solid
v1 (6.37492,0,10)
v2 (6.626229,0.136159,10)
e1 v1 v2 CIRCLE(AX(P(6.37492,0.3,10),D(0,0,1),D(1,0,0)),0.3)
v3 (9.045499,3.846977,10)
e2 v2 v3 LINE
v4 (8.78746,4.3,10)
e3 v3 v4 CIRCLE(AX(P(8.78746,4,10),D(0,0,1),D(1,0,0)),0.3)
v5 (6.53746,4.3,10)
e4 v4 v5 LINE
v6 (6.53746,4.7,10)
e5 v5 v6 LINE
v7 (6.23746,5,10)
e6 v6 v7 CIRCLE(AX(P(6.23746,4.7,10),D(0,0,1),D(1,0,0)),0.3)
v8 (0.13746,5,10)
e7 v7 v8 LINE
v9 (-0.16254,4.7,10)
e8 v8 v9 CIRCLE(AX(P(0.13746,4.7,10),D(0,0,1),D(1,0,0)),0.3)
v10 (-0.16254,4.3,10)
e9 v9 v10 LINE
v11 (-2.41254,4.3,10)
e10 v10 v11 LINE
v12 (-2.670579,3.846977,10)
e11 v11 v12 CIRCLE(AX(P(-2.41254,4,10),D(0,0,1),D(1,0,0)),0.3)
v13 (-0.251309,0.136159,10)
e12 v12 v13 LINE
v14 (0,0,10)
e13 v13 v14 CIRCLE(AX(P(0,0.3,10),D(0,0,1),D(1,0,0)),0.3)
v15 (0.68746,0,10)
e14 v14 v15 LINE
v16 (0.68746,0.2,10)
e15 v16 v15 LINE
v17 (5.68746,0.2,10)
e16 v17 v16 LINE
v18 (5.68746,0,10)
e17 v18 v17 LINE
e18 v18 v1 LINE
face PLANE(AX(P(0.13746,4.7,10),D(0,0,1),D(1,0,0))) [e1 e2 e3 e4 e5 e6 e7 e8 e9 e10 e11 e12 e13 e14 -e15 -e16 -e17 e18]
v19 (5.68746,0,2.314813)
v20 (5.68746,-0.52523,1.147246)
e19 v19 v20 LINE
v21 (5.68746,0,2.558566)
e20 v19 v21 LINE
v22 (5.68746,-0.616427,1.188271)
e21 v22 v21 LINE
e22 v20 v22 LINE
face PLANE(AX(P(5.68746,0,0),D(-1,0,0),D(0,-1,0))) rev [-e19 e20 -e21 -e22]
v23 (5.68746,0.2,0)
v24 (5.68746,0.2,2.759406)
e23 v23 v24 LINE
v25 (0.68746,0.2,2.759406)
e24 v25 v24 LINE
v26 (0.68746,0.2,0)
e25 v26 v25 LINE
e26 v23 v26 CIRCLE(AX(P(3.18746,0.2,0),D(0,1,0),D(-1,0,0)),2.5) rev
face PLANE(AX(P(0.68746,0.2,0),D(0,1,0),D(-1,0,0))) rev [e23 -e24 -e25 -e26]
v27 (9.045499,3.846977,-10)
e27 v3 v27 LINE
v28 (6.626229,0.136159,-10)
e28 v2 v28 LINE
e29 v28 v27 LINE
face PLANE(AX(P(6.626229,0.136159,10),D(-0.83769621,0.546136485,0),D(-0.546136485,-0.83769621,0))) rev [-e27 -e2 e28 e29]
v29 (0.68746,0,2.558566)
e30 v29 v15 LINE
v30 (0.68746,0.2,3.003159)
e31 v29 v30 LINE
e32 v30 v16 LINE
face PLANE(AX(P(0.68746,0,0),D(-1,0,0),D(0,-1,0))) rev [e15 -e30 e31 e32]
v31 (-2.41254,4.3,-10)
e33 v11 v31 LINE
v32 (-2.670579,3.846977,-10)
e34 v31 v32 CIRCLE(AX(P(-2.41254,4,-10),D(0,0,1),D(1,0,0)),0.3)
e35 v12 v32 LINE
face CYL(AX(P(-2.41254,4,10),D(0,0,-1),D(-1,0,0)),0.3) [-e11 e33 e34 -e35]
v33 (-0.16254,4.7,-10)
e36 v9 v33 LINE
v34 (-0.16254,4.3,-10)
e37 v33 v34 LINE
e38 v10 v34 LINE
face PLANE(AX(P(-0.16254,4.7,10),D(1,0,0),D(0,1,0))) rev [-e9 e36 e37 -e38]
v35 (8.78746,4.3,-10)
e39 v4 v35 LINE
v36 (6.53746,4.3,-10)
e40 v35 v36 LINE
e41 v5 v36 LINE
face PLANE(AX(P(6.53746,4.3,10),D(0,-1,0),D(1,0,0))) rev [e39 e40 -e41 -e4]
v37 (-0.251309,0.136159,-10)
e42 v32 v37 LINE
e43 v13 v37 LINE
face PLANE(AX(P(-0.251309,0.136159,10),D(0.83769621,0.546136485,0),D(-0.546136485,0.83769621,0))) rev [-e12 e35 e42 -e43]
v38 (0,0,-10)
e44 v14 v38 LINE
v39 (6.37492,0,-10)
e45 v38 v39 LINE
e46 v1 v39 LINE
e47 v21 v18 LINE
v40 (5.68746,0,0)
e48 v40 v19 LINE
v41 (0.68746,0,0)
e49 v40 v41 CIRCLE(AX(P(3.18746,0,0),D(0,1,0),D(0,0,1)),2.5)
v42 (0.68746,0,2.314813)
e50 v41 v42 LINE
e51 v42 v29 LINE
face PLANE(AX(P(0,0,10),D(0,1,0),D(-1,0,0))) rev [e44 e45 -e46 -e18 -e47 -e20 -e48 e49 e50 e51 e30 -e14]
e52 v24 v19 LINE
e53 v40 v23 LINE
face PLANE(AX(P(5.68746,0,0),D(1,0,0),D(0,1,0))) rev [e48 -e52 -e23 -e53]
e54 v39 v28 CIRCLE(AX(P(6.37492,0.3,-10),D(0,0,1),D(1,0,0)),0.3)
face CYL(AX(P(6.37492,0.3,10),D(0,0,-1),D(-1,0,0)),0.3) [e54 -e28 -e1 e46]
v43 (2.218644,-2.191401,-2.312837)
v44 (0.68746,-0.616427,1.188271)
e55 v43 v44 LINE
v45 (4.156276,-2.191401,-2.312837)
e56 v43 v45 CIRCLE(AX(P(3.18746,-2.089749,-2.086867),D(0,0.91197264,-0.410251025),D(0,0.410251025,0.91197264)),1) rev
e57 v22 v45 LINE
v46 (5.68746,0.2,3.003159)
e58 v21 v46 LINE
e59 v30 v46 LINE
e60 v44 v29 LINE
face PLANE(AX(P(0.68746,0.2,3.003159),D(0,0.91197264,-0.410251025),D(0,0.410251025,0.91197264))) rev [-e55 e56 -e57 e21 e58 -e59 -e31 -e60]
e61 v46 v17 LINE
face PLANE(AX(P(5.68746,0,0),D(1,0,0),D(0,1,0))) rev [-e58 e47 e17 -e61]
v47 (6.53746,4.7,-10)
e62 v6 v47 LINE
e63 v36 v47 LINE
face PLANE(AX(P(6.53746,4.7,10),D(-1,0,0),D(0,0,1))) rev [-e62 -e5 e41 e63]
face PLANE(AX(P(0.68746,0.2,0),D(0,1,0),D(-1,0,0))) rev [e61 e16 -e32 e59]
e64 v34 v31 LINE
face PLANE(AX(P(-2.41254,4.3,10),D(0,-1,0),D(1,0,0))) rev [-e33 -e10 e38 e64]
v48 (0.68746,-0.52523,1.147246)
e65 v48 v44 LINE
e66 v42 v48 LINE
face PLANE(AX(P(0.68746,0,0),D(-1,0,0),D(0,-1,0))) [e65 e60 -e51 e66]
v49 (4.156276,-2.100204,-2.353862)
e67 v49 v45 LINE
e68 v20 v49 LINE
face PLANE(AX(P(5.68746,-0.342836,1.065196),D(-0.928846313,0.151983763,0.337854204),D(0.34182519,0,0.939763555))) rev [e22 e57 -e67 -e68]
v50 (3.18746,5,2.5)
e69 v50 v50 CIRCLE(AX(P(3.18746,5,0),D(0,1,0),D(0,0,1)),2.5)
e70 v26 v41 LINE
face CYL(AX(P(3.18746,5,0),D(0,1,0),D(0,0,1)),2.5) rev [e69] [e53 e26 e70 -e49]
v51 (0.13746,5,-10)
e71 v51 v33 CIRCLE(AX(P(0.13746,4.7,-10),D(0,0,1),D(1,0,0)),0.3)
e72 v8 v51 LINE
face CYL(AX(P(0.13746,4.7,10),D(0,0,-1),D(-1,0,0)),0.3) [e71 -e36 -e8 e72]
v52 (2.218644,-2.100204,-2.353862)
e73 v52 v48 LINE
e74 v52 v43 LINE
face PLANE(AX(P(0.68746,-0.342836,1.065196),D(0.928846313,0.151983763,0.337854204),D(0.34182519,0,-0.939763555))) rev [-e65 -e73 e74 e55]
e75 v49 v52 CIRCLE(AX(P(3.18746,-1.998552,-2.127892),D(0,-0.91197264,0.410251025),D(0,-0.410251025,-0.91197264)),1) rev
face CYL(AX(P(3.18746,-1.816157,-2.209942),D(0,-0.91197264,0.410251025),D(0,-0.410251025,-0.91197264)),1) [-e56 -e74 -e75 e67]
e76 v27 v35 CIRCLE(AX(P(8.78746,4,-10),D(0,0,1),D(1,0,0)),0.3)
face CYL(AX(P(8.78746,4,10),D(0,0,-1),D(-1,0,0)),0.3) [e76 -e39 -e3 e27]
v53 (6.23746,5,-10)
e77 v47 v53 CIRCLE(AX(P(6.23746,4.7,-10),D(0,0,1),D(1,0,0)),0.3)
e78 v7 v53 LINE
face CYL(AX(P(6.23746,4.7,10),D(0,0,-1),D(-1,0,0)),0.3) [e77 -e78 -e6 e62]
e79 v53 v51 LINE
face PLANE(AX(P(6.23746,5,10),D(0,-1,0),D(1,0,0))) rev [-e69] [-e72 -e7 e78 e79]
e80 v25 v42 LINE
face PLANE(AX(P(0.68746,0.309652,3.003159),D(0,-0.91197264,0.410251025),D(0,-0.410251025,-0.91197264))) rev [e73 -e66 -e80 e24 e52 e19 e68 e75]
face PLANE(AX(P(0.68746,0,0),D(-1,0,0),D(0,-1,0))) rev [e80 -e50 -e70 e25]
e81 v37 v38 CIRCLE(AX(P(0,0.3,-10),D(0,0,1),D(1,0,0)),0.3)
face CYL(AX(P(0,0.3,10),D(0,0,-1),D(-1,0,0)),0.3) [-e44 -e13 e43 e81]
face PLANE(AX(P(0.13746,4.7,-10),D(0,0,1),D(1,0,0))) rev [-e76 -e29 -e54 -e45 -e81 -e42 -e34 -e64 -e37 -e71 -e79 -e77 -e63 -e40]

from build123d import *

# Parameters (mm, degrees)
EXTRUDE_1_DEPTH     = 10
HOLE_WIZARD_M6_1_D  = 5
SKETCH_5_W          = 5
SKETCH_5_H          = 0.2
CUT_EXTRUDE_1_DEPTH = 10
EXTRUDE_2_DEPTH     = 2.5
CUT_EXTRUDE_2_DEPTH = 0.3


with BuildPart() as part:
    # 草图1 → 凸台-拉伸1 (new, symmetric)
    with BuildSketch(Plane.XY):
        with BuildLine():
            Line((-0.162539896, 4.7), (-0.162539896, 4.3))
            Line((-0.162539896, 4.3), (-2.412539896, 4.3))
            ThreePointArc((-2.412539896, 4.3), (-2.673218708, 4.148480829), (-2.670578604, 3.846977045))
            Line((-2.670578604, 3.846977045), (-0.251308863, 0.136159055))
            ThreePointArc((-0.251308863, 0.136159055), (-0.142912065, 0.036227102), (0, 0))
            Line((0, 0), (6.374920209, 0))
            ThreePointArc((6.374920209, 0), (6.517832273, 0.036227102), (6.626229072, 0.136159055))
            Line((6.626229072, 0.136159055), (9.045498813, 3.846977045))
            ThreePointArc((9.045498813, 3.846977045), (9.048138917, 4.148480829), (8.787460104, 4.3))
            Line((8.787460104, 4.3), (6.537460104, 4.3))
            Line((6.537460104, 4.3), (6.537460104, 4.7))
            ThreePointArc((6.537460104, 4.7), (6.449592139, 4.912132034), (6.237460104, 5))
            Line((6.237460104, 5), (0.137460104, 5))
            ThreePointArc((0.137460104, 5), (-0.07467193, 4.912132034), (-0.162539896, 4.7))
        make_face()
    extrude(amount=EXTRUDE_1_DEPTH, both=True)

    # M6 螺纹孔1 (through all)
    with Locations(Plane(origin=(3.187460104, 5, 0), x_dir=(1, 0, 0), z_dir=(0, 1, 0))):
        with Locations((0, 0)):
            Hole(HOLE_WIZARD_M6_1_D / 2)

    # 草图5 → 切除-拉伸1 (cut)
    with BuildSketch(Plane.XY.offset(10)):
        with Locations((3.187460104, 0.1)):
            Rectangle(SKETCH_5_W, SKETCH_5_H)
    extrude(amount=-CUT_EXTRUDE_1_DEPTH, mode=Mode.SUBTRACT)

    # 草图6 → 凸台-拉伸2 (add, symmetric)
    with BuildSketch(Plane.ZY.offset(-3.187460104)):
        Polygon((3.00315896, 0.2), (-2.998839756, -2.5), (-3.039864859, -2.408802736), (3.00315896, 0.309652412), align=None)
    extrude(amount=EXTRUDE_2_DEPTH, both=True)

    # 草图7 → 切除-拉伸2 (cut)
    with BuildSketch(Plane(origin=(0, -0.957256199, 0.430621841), x_dir=(1, 0, 0), z_dir=(-1.0372120907131427e-12, -0.9119726400165361, 0.41025102542378794))):
        with BuildLine():
            Line((5.687460104, 0.830780993), (4.156276113, -3.008268608))
            ThreePointArc((4.156276113, -3.008268608), (3.187460104, -3.760487373), (2.218644095, -3.008268608))
            Line((2.218644095, -3.008268608), (0.687460104, 0.830780993))
            Line((0.687460104, 0.830780993), (-4.835906094, -0.220154239))
            Line((-4.835906094, -0.220154239), (4.418162479, -8.671425065))
            Line((4.418162479, -8.671425065), (7.352023336, -1.665190183))
            Line((7.352023336, -1.665190183), (5.687460104, 0.830780993))
        make_face()
    extrude(amount=-CUT_EXTRUDE_2_DEPTH, mode=Mode.SUBTRACT)


solid = part.part
